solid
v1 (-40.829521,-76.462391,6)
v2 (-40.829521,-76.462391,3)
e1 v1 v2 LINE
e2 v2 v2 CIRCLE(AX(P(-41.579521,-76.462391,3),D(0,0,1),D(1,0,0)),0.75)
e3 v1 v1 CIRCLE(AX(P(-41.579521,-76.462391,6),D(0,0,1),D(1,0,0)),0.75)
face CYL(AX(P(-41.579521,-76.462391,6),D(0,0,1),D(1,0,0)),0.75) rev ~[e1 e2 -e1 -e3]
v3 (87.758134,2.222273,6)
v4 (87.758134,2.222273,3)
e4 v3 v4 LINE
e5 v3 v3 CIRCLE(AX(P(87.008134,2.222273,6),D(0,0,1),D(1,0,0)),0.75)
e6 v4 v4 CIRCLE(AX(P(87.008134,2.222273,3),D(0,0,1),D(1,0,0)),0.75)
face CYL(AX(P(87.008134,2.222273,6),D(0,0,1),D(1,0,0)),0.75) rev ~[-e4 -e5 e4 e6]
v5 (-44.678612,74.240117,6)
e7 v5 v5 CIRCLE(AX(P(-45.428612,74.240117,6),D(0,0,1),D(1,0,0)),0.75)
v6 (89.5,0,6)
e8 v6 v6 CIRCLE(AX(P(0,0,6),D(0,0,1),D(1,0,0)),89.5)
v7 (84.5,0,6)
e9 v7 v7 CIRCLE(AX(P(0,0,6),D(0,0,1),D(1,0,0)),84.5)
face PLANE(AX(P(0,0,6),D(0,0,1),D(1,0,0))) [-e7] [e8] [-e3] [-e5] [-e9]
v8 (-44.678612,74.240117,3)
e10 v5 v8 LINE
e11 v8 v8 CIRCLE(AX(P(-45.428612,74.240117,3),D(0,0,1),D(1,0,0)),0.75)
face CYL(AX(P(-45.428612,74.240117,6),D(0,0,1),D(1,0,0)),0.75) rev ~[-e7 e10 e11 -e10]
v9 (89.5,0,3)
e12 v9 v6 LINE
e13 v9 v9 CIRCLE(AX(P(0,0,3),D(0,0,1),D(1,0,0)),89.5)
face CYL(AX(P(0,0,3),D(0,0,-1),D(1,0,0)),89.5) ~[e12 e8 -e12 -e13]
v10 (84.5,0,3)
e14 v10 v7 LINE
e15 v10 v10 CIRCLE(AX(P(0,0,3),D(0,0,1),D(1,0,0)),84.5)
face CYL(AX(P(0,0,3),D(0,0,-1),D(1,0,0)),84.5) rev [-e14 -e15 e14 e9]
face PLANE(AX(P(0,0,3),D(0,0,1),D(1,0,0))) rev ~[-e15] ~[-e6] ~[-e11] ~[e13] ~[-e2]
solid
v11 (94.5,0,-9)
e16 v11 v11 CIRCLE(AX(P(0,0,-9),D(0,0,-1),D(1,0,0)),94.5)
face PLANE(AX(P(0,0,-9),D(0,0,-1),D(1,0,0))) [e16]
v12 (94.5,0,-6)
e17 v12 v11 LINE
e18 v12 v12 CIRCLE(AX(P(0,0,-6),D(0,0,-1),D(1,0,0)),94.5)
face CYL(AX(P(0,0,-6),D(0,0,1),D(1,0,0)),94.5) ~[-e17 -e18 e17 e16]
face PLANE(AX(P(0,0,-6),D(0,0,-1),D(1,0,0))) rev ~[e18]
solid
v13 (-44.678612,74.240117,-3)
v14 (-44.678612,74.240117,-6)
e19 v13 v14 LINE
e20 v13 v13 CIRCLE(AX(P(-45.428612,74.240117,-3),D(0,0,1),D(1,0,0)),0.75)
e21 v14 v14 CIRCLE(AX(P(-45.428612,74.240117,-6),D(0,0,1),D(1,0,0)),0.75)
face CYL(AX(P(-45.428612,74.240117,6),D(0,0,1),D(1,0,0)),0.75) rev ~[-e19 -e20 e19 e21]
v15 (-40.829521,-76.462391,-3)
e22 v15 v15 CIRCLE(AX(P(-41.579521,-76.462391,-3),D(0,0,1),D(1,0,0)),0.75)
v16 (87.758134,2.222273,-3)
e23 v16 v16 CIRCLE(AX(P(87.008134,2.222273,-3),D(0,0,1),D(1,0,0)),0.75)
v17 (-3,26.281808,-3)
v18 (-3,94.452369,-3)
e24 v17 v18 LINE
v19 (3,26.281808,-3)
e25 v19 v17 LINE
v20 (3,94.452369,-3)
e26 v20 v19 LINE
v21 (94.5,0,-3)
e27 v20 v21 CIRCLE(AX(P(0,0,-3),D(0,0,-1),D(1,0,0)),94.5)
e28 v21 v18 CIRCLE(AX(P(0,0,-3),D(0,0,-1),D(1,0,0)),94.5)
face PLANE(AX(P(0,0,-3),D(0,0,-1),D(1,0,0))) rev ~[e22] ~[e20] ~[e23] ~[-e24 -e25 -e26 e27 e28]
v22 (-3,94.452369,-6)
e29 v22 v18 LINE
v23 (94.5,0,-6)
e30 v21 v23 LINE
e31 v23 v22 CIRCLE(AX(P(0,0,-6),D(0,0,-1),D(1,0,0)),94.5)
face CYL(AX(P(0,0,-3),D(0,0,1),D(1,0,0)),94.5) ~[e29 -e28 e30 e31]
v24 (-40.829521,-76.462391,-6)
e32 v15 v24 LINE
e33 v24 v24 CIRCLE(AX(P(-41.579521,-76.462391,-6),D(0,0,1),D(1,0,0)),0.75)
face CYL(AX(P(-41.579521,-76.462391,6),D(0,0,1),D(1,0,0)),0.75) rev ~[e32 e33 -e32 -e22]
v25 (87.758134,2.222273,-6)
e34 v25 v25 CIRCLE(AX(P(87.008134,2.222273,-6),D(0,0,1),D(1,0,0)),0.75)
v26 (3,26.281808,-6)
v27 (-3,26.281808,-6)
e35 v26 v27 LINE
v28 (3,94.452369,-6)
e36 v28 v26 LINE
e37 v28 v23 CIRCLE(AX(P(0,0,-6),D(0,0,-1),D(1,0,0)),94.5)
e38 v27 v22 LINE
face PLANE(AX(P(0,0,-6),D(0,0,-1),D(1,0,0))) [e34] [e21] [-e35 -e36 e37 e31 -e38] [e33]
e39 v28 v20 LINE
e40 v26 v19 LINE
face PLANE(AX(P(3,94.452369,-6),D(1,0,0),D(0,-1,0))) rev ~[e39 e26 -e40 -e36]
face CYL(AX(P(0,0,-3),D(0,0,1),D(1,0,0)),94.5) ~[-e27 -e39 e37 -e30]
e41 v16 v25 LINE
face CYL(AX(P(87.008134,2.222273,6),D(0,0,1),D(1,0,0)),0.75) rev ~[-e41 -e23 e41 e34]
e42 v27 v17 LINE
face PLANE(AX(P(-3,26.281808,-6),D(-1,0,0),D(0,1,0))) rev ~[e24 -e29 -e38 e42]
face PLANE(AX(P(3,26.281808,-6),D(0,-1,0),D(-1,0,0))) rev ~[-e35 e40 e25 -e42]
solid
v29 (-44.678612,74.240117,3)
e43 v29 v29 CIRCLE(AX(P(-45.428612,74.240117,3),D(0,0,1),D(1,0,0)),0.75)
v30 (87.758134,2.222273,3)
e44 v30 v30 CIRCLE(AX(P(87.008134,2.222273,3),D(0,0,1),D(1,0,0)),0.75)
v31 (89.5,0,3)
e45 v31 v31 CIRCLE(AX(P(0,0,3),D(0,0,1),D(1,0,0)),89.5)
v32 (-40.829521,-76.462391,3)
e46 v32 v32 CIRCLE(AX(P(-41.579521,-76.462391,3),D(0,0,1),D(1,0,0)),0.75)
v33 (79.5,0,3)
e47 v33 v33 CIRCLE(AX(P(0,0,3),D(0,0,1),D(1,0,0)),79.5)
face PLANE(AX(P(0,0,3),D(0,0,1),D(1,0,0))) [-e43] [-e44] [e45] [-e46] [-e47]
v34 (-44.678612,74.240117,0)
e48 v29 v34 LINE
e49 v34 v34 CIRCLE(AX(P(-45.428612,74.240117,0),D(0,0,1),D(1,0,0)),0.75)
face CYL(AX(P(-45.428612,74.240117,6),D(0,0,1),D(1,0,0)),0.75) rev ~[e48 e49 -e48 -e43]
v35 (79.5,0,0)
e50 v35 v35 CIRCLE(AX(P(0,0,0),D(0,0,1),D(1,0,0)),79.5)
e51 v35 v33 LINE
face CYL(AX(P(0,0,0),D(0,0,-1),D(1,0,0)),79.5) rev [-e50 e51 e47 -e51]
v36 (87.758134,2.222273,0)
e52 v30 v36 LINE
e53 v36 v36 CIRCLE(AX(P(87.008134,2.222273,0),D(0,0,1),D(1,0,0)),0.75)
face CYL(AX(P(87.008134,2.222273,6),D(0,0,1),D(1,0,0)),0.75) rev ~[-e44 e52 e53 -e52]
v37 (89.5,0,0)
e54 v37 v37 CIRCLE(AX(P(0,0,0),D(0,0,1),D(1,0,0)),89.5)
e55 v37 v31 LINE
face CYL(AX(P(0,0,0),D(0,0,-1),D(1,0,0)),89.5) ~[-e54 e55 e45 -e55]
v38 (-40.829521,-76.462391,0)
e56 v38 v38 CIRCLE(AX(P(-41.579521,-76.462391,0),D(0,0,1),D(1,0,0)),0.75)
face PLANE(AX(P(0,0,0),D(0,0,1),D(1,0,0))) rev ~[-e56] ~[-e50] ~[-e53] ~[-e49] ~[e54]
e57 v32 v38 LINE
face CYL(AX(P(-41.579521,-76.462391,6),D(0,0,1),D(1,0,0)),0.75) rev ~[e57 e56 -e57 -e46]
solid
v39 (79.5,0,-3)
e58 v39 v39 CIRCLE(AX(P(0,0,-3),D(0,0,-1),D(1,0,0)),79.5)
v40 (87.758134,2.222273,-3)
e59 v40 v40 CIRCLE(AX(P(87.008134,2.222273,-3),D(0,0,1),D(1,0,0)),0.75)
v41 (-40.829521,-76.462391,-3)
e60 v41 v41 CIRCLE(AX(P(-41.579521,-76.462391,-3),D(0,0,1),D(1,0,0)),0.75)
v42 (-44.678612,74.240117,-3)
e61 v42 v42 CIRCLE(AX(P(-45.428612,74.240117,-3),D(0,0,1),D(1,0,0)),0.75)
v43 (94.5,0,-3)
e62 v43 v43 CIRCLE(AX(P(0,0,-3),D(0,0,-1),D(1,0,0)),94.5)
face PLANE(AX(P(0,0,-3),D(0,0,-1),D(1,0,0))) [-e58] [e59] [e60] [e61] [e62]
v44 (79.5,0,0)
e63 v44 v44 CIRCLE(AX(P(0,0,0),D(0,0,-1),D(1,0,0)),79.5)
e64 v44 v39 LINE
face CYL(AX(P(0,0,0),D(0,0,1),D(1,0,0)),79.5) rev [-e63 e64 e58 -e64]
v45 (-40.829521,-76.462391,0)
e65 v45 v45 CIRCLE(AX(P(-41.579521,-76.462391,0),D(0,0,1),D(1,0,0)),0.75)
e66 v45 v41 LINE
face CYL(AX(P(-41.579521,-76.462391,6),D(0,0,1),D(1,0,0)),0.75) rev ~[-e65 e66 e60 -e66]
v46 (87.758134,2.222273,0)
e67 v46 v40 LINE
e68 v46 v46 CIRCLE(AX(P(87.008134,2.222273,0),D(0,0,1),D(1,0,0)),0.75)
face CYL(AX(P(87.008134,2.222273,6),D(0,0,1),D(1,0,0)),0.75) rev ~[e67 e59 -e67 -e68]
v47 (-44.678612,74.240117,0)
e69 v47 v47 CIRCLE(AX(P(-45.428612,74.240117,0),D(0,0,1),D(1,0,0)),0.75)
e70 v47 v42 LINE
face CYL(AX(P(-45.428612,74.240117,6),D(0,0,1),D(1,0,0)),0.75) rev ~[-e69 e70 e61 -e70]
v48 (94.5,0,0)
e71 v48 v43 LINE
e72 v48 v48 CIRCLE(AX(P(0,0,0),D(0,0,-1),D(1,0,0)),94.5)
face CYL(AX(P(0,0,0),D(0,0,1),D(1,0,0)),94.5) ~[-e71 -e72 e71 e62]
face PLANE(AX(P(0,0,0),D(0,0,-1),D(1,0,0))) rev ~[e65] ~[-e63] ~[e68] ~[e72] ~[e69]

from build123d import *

# Parameters (mm, degrees)
F1_R      = 89.5
F1_R_2    = 79.5
F2_DEPTH  = 3
F3_R      = 89.5
F3_R_2    = 84.5
F4_DEPTH  = 3
F5_R      = 94.5
F5_R_2    = 79.5
F6_DEPTH  = 3
F7_R      = 94.5
F8_DEPTH  = 3
F9_R      = 0.75
F10_DEPTH = 12.001
F12_DEPTH = 25
F13_R     = 94.5
F14_DEPTH = 3


with BuildPart() as f2:
    # F1 (on Top) → F2 (new body)
    with BuildSketch(Plane.XY):
        Circle(F1_R)
        Circle(F1_R_2, mode=Mode.SUBTRACT)
    extrude(amount=F2_DEPTH)


with BuildPart() as f4:
    # F3 (on face) → F4 (new body)
    with BuildSketch(Plane.XY.offset(3)):
        Circle(F3_R)
        Circle(F3_R_2, mode=Mode.SUBTRACT)
    extrude(amount=F4_DEPTH)


with BuildPart() as f6:
    # F5 (on face) → F6 (new body)
    with BuildSketch(Plane(origin=(0, 0, 0), x_dir=(1, 0, 0), z_dir=(0, 0, -1))):
        Circle(F5_R)
        Circle(F5_R_2, mode=Mode.SUBTRACT)
    extrude(amount=F6_DEPTH)


with BuildPart() as f8:
    # F7 (on face) → F8 (new body)
    with BuildSketch(Plane(origin=(0, 0, -3), x_dir=(1, 0, 0), z_dir=(0, 0, -1))):
        Circle(F7_R)
    extrude(amount=F8_DEPTH)


with BuildPart() as f10_tool:
    # F9 (on face) → F10 (new body, through all)
    with BuildSketch(Plane.XY.offset(6)):
        with Locations((87.0081335306, 2.2222734988)):
            Circle(F9_R)
        with Locations((-45.4286120694, 74.240117224)):
            Circle(F9_R)
        with Locations((-41.5795214612, -76.4623907228)):
            Circle(F9_R)
    extrude(amount=-F10_DEPTH)


with BuildPart() as f2_1:
    add(f2.part)

    # F10: cut by f10_tool
    add(f10_tool.part, mode=Mode.SUBTRACT)


with BuildPart() as f4_1:
    add(f4.part)

    # F10: cut by f10_tool
    add(f10_tool.part, mode=Mode.SUBTRACT)


with BuildPart() as f6_1:
    add(f6.part)

    # F10: cut by f10_tool
    add(f10_tool.part, mode=Mode.SUBTRACT)


with BuildPart() as f8_1:
    add(f8.part)

    # F10: cut by f10_tool
    add(f10_tool.part, mode=Mode.SUBTRACT)

    # F11 (on face) → F12 (cut)
    with BuildSketch(Plane(origin=(0, 0, -6), x_dir=(1, 0, 0), z_dir=(0, 0, -1))):
        with BuildLine():
            Line((3, -26.2818075716), (-3, -26.2818075716))
            Line((-3, -26.2818075716), (-3, -94.4523689486))
            ThreePointArc((-3, -94.4523689486), (0, -94.5), (3, -94.4523689486))
            Line((3, -94.4523689486), (3, -26.2818075716))
        make_face()
    extrude(amount=-F12_DEPTH, mode=Mode.SUBTRACT)


with BuildPart() as f14:
    # F13 (on face) → F14 (new body)
    with BuildSketch(Plane(origin=(0, 0, -6), x_dir=(1, 0, 0), z_dir=(0, 0, -1))):
        Circle(F13_R)
    extrude(amount=F14_DEPTH)


solid = Compound([f2_1.part, f4_1.part, f6_1.part, f8_1.part, f14.part])
